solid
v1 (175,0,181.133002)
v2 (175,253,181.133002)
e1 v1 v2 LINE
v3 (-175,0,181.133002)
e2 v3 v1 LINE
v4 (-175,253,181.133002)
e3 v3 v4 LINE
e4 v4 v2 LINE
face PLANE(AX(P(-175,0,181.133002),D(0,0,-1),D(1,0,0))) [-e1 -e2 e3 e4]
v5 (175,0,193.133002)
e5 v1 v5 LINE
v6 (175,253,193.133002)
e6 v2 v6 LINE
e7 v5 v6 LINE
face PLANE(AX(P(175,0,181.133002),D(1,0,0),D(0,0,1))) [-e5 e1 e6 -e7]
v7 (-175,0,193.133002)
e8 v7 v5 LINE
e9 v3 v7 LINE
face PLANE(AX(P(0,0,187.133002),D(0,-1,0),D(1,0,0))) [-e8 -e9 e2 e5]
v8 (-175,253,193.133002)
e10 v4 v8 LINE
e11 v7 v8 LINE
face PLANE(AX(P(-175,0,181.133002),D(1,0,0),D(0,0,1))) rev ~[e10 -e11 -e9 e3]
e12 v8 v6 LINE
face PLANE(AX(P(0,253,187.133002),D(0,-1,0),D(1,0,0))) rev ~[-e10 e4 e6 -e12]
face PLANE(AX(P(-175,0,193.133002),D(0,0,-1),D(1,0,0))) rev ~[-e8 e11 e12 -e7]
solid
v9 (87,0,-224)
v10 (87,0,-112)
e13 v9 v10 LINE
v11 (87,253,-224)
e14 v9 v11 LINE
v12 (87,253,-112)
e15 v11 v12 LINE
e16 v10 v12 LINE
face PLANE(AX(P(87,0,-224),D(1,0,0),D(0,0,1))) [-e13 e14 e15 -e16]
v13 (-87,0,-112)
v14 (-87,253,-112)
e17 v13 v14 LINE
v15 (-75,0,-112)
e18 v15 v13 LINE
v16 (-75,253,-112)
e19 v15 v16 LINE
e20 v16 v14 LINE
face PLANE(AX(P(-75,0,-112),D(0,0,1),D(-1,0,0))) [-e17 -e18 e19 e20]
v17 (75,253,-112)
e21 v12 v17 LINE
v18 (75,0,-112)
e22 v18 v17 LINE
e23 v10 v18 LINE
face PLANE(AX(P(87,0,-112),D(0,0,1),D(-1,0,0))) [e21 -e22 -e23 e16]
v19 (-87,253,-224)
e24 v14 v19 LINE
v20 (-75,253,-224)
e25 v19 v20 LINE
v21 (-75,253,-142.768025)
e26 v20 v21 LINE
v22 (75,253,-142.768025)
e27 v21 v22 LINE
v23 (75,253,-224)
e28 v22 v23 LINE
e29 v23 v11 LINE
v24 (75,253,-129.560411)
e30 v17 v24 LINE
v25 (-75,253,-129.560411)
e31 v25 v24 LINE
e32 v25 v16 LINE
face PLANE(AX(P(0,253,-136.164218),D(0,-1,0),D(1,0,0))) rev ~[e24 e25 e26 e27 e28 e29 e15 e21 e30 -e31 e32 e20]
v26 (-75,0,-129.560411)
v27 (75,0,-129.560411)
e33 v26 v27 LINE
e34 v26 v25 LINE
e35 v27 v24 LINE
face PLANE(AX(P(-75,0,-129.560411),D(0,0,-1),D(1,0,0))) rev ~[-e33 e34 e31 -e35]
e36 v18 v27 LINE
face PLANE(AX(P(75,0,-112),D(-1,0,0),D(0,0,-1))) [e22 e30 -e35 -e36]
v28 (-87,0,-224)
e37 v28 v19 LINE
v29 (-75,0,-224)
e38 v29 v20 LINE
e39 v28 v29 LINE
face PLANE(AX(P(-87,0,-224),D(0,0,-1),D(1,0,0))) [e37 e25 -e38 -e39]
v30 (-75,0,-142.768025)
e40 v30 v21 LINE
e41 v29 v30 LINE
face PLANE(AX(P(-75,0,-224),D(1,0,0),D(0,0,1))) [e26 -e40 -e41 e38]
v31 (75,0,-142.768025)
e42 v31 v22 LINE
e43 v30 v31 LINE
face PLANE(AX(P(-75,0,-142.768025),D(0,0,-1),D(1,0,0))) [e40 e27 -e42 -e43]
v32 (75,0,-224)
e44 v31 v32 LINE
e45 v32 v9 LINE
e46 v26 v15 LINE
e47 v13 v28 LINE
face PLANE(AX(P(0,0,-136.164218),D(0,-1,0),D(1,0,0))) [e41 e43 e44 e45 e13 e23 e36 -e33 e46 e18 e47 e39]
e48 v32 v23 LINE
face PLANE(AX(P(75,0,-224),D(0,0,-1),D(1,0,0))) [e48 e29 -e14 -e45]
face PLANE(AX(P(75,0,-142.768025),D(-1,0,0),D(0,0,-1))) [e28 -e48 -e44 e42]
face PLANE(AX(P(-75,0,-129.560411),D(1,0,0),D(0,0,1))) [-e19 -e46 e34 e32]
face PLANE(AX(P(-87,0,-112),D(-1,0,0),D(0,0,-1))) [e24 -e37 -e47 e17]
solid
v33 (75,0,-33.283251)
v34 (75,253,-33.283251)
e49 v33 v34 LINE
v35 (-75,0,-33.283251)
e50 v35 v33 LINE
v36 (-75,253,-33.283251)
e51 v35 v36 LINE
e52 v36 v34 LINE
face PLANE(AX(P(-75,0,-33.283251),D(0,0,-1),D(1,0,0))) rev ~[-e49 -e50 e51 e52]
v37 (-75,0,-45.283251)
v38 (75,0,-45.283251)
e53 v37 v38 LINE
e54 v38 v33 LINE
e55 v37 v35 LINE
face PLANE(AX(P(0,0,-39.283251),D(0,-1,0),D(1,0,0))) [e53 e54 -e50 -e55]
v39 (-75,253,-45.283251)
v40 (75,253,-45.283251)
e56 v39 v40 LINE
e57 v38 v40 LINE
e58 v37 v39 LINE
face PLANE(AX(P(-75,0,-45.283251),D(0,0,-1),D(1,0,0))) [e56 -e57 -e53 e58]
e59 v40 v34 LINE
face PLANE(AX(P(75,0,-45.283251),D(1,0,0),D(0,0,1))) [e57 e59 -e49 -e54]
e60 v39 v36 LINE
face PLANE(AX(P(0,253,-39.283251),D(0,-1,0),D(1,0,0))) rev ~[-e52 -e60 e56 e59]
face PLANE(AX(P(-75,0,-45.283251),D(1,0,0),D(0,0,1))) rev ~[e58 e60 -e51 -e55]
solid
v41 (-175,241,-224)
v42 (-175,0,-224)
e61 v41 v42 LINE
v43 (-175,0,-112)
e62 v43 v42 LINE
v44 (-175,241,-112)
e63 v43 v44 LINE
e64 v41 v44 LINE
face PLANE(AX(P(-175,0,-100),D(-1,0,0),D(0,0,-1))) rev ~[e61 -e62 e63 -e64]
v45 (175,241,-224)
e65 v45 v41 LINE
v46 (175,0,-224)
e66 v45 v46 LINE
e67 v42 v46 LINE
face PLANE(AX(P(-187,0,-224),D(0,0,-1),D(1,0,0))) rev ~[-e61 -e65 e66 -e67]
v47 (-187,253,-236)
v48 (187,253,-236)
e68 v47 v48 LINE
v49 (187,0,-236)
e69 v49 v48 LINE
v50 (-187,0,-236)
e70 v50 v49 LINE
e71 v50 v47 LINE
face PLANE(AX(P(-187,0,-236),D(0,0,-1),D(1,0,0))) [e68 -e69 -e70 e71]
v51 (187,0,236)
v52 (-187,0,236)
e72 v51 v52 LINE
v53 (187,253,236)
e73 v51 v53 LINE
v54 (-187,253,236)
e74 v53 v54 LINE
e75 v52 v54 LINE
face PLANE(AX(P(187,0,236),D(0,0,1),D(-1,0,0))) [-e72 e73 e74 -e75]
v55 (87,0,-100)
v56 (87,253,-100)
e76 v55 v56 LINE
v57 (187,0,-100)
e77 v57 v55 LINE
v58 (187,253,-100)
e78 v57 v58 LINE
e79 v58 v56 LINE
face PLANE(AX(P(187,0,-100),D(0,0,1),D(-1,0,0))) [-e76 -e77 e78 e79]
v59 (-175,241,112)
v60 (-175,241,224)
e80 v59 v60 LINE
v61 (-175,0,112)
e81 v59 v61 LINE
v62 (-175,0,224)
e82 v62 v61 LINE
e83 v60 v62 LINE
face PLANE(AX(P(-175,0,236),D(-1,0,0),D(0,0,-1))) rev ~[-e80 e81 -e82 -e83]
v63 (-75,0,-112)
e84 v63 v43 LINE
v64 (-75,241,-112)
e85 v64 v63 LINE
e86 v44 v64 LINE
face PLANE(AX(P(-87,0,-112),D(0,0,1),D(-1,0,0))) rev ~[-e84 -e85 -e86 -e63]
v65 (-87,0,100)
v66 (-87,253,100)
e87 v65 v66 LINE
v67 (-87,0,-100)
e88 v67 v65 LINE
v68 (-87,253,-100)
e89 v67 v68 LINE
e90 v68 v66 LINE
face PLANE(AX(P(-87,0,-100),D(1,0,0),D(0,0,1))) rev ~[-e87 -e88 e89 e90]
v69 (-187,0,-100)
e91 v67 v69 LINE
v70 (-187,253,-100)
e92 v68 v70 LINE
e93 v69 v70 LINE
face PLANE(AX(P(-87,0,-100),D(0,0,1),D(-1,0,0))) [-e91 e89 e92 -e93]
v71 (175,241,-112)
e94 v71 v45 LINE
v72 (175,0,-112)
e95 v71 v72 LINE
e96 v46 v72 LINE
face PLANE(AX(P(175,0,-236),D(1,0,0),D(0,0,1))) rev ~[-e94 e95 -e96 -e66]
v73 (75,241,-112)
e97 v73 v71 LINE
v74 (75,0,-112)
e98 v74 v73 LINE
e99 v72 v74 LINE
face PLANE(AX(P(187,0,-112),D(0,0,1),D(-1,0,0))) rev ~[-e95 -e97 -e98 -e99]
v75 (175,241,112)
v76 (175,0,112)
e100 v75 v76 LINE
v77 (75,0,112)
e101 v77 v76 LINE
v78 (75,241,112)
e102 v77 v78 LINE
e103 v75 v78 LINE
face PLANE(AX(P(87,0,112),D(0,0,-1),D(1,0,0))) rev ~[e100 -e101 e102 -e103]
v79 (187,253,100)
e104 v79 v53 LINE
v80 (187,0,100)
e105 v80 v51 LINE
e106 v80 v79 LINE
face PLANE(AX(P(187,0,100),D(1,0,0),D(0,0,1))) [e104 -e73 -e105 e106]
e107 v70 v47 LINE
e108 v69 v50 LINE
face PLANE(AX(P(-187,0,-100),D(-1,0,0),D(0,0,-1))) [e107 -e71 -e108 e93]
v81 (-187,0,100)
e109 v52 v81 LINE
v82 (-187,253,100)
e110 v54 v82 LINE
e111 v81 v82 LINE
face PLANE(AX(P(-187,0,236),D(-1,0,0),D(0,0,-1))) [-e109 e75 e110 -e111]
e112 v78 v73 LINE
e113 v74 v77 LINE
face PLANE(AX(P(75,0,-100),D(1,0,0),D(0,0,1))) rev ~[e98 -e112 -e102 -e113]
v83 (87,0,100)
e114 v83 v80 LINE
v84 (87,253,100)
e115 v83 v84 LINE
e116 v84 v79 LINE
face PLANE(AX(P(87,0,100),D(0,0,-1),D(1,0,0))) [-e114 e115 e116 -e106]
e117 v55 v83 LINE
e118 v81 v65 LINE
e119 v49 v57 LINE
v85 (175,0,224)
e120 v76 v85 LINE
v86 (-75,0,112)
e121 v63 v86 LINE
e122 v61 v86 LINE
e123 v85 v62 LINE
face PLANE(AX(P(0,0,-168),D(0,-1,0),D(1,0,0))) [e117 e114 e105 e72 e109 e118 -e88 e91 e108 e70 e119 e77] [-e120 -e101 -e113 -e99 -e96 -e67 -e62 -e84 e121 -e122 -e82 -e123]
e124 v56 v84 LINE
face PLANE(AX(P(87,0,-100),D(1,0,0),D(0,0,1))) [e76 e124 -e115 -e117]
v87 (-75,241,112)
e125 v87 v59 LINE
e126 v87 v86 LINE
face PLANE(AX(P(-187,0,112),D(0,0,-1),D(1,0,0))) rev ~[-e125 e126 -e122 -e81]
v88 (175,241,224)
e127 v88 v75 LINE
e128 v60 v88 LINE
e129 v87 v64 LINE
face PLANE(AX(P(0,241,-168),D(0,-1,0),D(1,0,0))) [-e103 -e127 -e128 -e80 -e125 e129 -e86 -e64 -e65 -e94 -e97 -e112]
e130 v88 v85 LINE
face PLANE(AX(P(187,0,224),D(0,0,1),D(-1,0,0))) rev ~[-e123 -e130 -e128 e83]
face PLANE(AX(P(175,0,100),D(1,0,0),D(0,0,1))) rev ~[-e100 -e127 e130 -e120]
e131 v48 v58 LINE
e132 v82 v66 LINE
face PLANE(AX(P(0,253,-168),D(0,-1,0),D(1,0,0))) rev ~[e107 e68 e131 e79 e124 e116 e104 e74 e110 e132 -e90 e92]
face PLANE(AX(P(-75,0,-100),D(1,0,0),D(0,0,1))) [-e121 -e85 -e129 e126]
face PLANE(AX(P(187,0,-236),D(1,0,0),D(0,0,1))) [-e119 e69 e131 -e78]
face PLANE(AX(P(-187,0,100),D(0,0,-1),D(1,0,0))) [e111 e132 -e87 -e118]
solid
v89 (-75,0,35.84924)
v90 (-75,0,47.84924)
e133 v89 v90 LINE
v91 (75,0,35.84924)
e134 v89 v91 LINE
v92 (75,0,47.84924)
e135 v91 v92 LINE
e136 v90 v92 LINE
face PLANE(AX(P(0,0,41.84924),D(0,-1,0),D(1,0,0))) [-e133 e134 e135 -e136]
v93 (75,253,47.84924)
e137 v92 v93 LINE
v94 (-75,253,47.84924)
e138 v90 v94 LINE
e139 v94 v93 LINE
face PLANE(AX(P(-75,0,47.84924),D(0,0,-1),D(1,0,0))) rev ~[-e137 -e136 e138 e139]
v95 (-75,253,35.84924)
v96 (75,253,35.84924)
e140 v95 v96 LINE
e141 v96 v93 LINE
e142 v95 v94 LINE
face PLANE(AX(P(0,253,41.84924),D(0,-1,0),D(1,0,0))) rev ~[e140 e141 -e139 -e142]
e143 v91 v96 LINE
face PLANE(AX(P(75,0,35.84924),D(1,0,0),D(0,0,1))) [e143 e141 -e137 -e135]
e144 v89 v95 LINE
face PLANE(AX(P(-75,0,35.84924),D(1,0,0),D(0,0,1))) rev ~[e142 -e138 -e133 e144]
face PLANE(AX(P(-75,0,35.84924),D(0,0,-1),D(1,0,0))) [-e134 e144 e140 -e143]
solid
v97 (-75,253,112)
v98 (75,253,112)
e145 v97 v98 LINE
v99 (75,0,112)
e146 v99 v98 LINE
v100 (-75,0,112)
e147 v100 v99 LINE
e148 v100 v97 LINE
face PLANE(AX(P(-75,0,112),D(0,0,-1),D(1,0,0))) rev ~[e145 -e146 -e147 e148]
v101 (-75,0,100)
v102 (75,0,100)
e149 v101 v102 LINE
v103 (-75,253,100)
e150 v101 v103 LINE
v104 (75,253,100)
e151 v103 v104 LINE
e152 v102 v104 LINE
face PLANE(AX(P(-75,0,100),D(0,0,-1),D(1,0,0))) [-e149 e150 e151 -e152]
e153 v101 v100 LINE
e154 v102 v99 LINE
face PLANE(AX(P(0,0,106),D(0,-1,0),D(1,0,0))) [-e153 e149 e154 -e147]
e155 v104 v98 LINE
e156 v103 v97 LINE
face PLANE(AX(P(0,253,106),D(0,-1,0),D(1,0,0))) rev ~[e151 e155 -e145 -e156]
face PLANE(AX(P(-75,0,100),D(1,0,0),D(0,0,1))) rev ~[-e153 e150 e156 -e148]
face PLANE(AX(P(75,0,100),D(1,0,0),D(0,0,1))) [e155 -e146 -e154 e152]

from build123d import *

# Parameters (mm, degrees)
F0_W     = 174
F0_H     = 200
F1_DEPTH = 253
F2_T     = -12
F3_W     = 350
F3_H     = 12
F4_DEPTH = 253
F3_W_2   = 150
F3_H_2   = 13.2076144218


with BuildPart() as f1:
    # F0 (on Front) → F1 (new body)
    with BuildSketch(Plane.XZ):
        Polygon((-87, -100), (-187, -100), (-187, -236), (187, -236), (187, -100), (87, -100), align=None)
        Rectangle(F0_W, F0_H)
        Polygon((187, 236), (-187, 236), (-187, 100), (-87, 100), (87, 100), (187, 100), align=None)
    extrude(amount=-F1_DEPTH)

    # F2
    f2_openings = [f1.faces().sort_by_distance(p)[0] for p in [
        (0, 0, 0),
    ]]
    offset(amount=F2_T, openings=f2_openings, kind=Kind.INTERSECTION)


with BuildPart() as f4:
    # F3 (on face) → F4 (new body)
    with BuildSketch(Plane.XZ):
        with Locations((0, 187.1330020428)):
            Rectangle(F3_W, F3_H)
    extrude(amount=-F4_DEPTH)


with BuildPart() as f4b:
    # F3 (on face) → F4, piece 2 (new body)
    with BuildSketch(Plane.XZ):
        with Locations((0, 106)):
            Rectangle(F3_W_2, F3_H)
    extrude(amount=-F4_DEPTH)


with BuildPart() as f4c:
    # F3 (on face) → F4, piece 3 (new body)
    with BuildSketch(Plane.XZ):
        with Locations((0, 41.8492396772)):
            Rectangle(F3_W_2, F3_H)
    extrude(amount=-F4_DEPTH)


with BuildPart() as f4d:
    # F3 (on face) → F4, piece 4 (new body)
    with BuildSketch(Plane.XZ):
        with Locations((0, -39.2832505107)):
            Rectangle(F3_W_2, F3_H)
    extrude(amount=-F4_DEPTH)


with BuildPart() as f4e:
    # F3 (on face) → F4, piece 5 (new body)
    with BuildSketch(Plane.XZ):
        with Locations((0, -136.1642181873)):
            Rectangle(F3_W_2, F3_H_2)
        Polygon((-75, -129.5604109764), (-75, -112), (-87, -112), (-87, -224), (-75, -224), (-75, -142.7680253983), align=None)
        Polygon((87, -112), (75, -112), (75, -129.5604109764), (75, -142.7680253983), (75, -224), (87, -224), align=None)
    extrude(amount=-F4_DEPTH)


solid = Compound([f1.part, f4.part, f4b.part, f4c.part, f4d.part, f4e.part])
